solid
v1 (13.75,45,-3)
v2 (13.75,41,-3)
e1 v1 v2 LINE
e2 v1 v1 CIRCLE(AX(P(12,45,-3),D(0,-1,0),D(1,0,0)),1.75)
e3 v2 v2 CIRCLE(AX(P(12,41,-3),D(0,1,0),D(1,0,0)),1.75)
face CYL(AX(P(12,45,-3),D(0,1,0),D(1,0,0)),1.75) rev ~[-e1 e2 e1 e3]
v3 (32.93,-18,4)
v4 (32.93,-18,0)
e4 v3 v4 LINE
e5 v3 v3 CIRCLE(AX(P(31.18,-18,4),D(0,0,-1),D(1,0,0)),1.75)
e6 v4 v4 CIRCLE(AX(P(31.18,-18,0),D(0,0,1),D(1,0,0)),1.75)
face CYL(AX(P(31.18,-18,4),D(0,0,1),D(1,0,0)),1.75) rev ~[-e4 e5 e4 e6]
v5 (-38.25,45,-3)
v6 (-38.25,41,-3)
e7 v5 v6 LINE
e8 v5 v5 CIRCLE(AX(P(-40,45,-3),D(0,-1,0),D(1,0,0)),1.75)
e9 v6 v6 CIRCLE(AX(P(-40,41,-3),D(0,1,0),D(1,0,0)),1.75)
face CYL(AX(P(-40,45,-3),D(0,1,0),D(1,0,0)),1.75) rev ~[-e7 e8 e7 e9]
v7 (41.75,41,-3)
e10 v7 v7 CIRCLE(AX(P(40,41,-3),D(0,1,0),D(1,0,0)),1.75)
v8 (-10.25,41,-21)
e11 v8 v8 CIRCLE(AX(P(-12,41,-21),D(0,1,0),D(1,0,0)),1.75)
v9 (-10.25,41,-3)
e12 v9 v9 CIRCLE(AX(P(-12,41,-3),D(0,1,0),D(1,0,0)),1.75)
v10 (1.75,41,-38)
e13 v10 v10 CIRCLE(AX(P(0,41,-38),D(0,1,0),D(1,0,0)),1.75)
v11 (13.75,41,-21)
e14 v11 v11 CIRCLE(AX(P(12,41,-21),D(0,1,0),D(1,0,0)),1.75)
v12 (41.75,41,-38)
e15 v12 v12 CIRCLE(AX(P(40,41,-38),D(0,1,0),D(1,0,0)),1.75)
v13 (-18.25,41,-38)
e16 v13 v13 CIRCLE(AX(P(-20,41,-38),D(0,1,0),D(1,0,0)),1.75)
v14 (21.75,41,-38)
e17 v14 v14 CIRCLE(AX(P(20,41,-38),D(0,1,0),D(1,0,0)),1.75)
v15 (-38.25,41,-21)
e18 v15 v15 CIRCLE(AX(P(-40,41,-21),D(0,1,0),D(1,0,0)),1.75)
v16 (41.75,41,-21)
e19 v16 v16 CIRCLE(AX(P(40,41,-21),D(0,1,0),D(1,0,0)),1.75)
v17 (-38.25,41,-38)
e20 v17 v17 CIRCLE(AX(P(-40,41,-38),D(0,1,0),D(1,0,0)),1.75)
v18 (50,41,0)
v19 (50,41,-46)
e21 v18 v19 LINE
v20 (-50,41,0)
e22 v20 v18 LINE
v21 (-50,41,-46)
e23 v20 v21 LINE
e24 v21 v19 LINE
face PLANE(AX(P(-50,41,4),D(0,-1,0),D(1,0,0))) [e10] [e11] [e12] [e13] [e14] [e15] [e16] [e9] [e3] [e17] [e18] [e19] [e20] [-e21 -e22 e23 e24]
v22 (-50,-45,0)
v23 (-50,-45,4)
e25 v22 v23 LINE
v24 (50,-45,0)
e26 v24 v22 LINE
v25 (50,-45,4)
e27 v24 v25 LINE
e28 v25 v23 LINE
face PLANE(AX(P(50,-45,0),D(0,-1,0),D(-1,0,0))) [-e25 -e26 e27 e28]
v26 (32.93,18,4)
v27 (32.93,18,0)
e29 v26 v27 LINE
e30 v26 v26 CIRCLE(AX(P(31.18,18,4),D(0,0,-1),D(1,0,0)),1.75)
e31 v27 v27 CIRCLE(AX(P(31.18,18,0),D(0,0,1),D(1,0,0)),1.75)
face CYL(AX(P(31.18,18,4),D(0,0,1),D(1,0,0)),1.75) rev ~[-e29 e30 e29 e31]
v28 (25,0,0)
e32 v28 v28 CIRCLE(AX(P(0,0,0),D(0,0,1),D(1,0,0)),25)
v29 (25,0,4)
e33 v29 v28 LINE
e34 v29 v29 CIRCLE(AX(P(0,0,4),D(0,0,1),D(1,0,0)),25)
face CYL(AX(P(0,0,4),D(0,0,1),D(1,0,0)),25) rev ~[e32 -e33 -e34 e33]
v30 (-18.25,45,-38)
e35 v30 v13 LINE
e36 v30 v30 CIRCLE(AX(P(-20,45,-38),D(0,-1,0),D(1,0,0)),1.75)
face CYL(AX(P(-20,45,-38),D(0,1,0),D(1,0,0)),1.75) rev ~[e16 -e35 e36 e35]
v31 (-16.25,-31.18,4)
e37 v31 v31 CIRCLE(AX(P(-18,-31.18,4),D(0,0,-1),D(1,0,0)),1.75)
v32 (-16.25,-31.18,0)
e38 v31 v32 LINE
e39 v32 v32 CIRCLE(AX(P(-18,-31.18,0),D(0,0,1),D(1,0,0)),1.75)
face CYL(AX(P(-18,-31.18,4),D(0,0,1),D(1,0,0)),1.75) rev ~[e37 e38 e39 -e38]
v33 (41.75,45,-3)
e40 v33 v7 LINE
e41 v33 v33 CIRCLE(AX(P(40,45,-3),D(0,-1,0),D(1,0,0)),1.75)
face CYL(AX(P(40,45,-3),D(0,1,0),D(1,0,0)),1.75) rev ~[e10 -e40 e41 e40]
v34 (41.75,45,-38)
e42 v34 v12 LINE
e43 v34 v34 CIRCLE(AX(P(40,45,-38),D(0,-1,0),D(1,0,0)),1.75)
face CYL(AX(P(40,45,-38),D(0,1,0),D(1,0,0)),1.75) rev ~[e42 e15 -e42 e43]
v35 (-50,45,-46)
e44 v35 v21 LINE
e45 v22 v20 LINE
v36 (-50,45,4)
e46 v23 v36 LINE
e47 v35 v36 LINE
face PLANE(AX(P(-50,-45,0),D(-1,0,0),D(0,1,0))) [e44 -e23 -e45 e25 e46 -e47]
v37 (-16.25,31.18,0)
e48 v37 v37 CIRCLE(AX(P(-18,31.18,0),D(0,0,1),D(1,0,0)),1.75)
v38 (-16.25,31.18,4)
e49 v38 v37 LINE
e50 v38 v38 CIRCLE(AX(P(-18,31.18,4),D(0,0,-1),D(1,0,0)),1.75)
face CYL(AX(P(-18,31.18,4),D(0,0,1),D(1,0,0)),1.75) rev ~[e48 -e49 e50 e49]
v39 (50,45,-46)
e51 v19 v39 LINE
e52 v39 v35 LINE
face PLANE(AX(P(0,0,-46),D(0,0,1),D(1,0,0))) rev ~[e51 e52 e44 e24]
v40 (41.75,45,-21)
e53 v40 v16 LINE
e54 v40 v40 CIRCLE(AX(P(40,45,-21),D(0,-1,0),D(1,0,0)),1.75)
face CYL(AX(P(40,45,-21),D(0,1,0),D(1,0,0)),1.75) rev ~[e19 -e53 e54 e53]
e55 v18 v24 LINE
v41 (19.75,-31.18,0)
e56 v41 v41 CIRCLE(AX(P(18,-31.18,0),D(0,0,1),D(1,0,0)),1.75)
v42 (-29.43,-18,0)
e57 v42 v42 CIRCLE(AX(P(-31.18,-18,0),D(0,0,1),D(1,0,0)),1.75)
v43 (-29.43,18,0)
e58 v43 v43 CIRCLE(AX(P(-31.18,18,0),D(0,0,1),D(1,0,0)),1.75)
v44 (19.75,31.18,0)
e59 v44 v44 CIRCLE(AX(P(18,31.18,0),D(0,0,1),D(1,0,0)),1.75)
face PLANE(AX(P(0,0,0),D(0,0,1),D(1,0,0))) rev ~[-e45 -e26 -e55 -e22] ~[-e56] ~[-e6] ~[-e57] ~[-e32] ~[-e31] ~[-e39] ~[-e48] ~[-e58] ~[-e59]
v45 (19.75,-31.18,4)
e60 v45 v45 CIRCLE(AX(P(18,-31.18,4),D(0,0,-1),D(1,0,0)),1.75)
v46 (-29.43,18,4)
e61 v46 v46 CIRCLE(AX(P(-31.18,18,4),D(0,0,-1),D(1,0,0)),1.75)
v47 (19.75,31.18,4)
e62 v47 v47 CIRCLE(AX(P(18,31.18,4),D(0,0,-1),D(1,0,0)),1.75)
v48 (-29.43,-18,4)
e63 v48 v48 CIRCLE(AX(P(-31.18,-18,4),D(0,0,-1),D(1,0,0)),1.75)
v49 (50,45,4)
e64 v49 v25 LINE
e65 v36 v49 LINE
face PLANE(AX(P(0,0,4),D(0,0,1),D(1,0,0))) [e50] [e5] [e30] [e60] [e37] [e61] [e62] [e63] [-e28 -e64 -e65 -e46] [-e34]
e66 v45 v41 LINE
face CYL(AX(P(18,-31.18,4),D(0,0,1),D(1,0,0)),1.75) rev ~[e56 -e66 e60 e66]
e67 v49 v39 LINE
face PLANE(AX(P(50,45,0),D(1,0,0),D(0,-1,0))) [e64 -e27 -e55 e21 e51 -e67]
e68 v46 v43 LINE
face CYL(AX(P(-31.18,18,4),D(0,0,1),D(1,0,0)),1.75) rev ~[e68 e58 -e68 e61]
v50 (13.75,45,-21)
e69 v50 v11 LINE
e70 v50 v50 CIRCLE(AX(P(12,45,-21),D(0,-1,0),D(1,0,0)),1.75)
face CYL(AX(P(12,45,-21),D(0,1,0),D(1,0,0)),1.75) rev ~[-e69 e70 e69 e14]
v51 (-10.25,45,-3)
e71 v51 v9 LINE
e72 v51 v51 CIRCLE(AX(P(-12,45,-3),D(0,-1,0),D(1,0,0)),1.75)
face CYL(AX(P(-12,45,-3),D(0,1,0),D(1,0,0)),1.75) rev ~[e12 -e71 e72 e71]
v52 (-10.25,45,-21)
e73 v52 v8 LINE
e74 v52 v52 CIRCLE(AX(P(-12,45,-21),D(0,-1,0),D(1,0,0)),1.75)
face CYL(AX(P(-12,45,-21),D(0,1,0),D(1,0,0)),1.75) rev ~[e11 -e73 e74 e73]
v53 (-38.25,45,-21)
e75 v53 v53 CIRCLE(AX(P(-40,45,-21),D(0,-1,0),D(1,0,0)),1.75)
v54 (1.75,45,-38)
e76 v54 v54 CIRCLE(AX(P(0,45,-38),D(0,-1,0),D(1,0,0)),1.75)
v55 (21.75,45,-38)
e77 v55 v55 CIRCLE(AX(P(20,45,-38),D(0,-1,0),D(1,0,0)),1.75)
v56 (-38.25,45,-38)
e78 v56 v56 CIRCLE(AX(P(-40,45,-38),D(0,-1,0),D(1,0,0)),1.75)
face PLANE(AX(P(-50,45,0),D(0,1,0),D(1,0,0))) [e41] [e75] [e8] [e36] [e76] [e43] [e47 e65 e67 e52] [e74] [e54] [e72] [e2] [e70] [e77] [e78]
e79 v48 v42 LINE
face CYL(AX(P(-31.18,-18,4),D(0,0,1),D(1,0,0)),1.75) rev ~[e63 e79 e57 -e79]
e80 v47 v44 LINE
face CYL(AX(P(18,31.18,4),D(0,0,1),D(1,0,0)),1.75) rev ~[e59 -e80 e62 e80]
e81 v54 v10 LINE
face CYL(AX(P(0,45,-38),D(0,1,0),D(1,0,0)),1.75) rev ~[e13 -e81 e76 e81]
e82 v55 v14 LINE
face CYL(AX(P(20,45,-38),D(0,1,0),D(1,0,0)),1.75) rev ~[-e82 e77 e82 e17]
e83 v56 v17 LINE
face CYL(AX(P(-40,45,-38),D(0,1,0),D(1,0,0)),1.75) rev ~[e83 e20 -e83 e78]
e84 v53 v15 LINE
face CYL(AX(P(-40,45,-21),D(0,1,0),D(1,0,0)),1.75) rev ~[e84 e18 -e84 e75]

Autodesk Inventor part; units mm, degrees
ref_plane "YZ Plane" through (0, 0, 0) normal (1, 0, 0) x (0, 1, 0)
ref_plane "XZ Plane" through (0, 0, 0) normal (0, 1, 0) x (-1, 0, 0)
ref_plane "XY Plane" through (0, 0, 0) normal (0, 0, 1) x (1, 0, 0)
sketch "Sketch3" plane through (0, 0, 0) normal (0, 0, 1) x (1, 0, 0)
  line L0 (-50, 45) -> (50, 45)
  line L1 (50, 45) -> (50, -45)
  line L2 (50, -45) -> (-50, -45)
  line L3 (-50, -45) -> (-50, 45)
  line L4 (-50, 45) -> (50, -45) construction
  line L5 (50, 45) -> (-50, -45) construction
  point P0 (0, 0)
  dimension "d4" = 100
  dimension "d5" = 90
extrude "Extrusion2" add sketch "Sketch3" along normal blind 4
sketch "Sketch4" plane through (0, 0, 4) normal (0, 0, 1) x (1, 0, 0)
  point P0 (0, 0)
sketch "Sketch5" plane through (0, 0, 4) normal (0, 0, 1) x (1, 0, 0)
  line L0 (50, 45) -> (-50, 45) projected
  line L1 (50, 45) -> (-50, 45)
  line L2 (-50, 45) -> (-50, 41)
  line L3 (-50, 41) -> (50, 41)
  line L4 (50, 41) -> (50, 45)
  point P0 (0, 0)
  dimension "d8" = 4
  dimension "d9" = 100
extrude "Extrusion3" add sketch "Sketch5" against normal blind 50
sketch "Sketch6" plane through (0, 0, 4) normal (0, 0, 1) x (1, 0, 0)
  line L0 (18, -31.18) -> (-18, -31.18)
  line L1 (-18, -31.18) -> (-18, 31.18)
  line L2 (-18, 31.18) -> (18, 31.18)
  line L3 (18, 31.18) -> (18, -31.18)
  line L4 (18, -31.18) -> (-18, 31.18) construction
  line L5 (-18, -31.18) -> (18, 31.18) construction
  circle A0 centre (-18, 31.18) radius 1.75
  circle A1 centre (18, 31.18) radius 1.75
  circle A2 centre (-18, -31.18) radius 1.75
  circle A3 centre (18, -31.18) radius 1.75
  point P0 (0, 0)
  dimension "d12" = 36
  dimension "d13" = 62.36
  dimension "d14" = 3.5
  dimension "d15" = 3.5
  dimension "d16" = 3.5
  dimension "d17" = 3.5
extrude "Extrusion4" cut sketch "Sketch6" against normal blind 50 contours A2 L1 L0 | L0 L1 A2 | A3 L3 L0 | L0 L3 A3 | A0 L2 L1 | L1 L2 A0 | A1 L2 L3 | L3 L2 A1
sketch "Sketch7" plane through (0, 0, 4) normal (0, 0, 1) x (1, 0, 0)
  line L0 (31.18, -18) -> (-31.18, -18)
  line L1 (-31.18, -18) -> (-31.18, 18)
  line L2 (-31.18, 18) -> (31.18, 18)
  line L3 (31.18, 18) -> (31.18, -18)
  line L4 (31.18, -18) -> (-31.18, 18) construction
  line L5 (-31.18, -18) -> (31.18, 18) construction
  circle A0 centre (-31.18, 18) radius 1.75
  circle A1 centre (31.18, 18) radius 1.75
  circle A2 centre (-31.18, -18) radius 1.75
  circle A3 centre (31.18, -18) radius 1.75
  point P0 (0, 0)
  dimension "d20" = 62.36
  dimension "d21" = 36
  dimension "d22" = 3.5
  dimension "d23" = 3.5
  dimension "d24" = 3.5
  dimension "d25" = 3.5
extrude "Extrusion5" cut sketch "Sketch7" against normal blind 50 contours A2 L1 L0 | L0 L1 A2 | A3 L3 L0 | L0 L3 A3 | A0 L2 L1 | L1 L2 A0 | A1 L2 L3 | L3 L2 A1
sketch "Sketch8" plane through (0, 0, 4) normal (0, 0, 1) x (1, 0, 0)
  circle A0 centre (0, 0) radius 25
  dimension "d28" = 50
extrude "Extrusion6" cut sketch "Sketch8" against normal blind 43.6625
sketch "Sketch9" plane through (-50, 45, 4) normal (0, 1, 0) x (1, 0, 0)
  line L0 (0, 50) -> (0, 0) projected
  line L1 (100, 0) -> (0, 0) projected
  line L2 (0, 0) -> (38, 0)
  line L3 (38, 0) -> (38, 7)
  line L4 (38, 7) -> (0, 7)
  line L5 (0, 7) -> (0, 0)
  circle A0 centre (38, 7) radius 1.75
  line L6 (0, 0) -> (38, 0)
  line L7 (38, 0) -> (38, 25)
  line L8 (38, 25) -> (0, 25)
  line L9 (0, 25) -> (0, 0)
  circle A1 centre (38, 25) radius 1.75
  point P0 (50, 4)
  dimension "d31" = 38
  dimension "d32" = 7
  dimension "d36" = 3.5
  dimension "d39" = 25
  dimension "d40" = 3.5
sketch "Sketch10" plane through (-50, 45, 4) normal (0, 1, 0) x (1, 0, 0)
  line L0 (100, 4) -> (100, 0) projected
  line L1 (100, 0) -> (0, 0) projected
  line L2 (100, 0) -> (62, 0)
  line L3 (62, 0) -> (62, 7)
  line L4 (62, 7) -> (100, 7)
  line L5 (100, 7) -> (100, 0)
  circle A0 centre (62, 7) radius 1.75
  line L6 (100, 0) -> (62, 0)
  line L7 (62, 0) -> (62, 25)
  line L8 (62, 25) -> (100, 25)
  line L9 (100, 25) -> (100, 0)
  line L10 (75, 0) -> (25, 0) projected
  circle A1 centre (62, 25) radius 1.75
  point P0 (50, 4)
  dimension "d33" = 38
  dimension "d34" = 7
  dimension "d35" = 3.5
  dimension "d37" = 25
  dimension "d38" = 3.5
sketch "Sketch11" plane through (-50, 45, 4) normal (0, 1, 0) x (1, 0, 0)
  point P0 (50, 4)
extrude "Extrusion7" cut sketch "Sketch9" against normal blind 43.6625 contours A1 L7 L8 | L8 L7 A1 | A0 L7 L4 | L4 L3 A0 | L7 A0 L3
extrude "Extrusion8" cut sketch "Sketch10" against normal blind 43.6625 contours A0 L3 L4 | L4 L7 A0 | L3 A0 L7 | A1 L7 L8 | L8 L7 A1
sketch "Sketch12" plane through (-50, 45, 4) normal (0, 1, 0) x (1, 0, 0)
  line L0 (0, 0) -> (100, 0) projected
  line L1 (0, 0) -> (10, 0)
  line L2 (10, 0) -> (10, 7)
  line L3 (10, 7) -> (0, 7)
  line L4 (0, 7) -> (0, 0)
  line L5 (100, 0) -> (0, 0) projected
  line L6 (0, 0) -> (10, 0)
  line L7 (10, 0) -> (10, 25)
  line L8 (10, 25) -> (0, 25)
  line L9 (0, 25) -> (0, 0)
  circle A0 centre (10, 7) radius 1.75
  circle A1 centre (10, 25) radius 1.75
  point P0 (50, 4)
  dimension "d45" = 10
  dimension "d46" = 7
  dimension "d47" = 25
  dimension "d48" = 3.5
  dimension "d49" = 3.5
extrude "Extrusion9" cut sketch "Sketch12" against normal blind 43.6625 contours A0 L3 L2 | L2 L7 A0 | A0 L7 L3 | A1 L7 L8 | L8 L7 A1
sketch "Sketch13" plane through (-50, 45, 4) normal (0, 1, 0) x (1, 0, 0)
  line L0 (0, 0) -> (100, 0) projected
  line L1 (100, 0) -> (90, 0)
  line L2 (90, 0) -> (90, 7)
  line L3 (90, 7) -> (100, 7)
  line L4 (100, 7) -> (100, 0)
  line L5 (100, 0) -> (90, 0)
  line L6 (90, 0) -> (90, 25)
  line L7 (90, 25) -> (100, 25)
  line L8 (100, 25) -> (100, 0)
  circle A0 centre (90, 25) radius 1.75
  circle A1 centre (90, 7) radius 1.75
  point P0 (50, 4)
  dimension "d52" = 10
  dimension "d53" = 7
  dimension "d54" = 25
  dimension "d55" = 3.5
  dimension "d56" = 3.5
extrude "Extrusion10" cut sketch "Sketch13" against normal blind 43.6625 contours A1 L6 L2 | L2 L3 A1 | L6 A1 L3 | A0 L7 L6 | L6 L7 A0
sketch "Sketch14" plane through (-50, 45, 4) normal (0, 1, 0) x (1, 0, 0)
  point P0 (50, 4)
sketch "Sketch15" plane through (-50, 45, 4) normal (0, 1, 0) x (1, 0, 0)
  line L0 (0, 50) -> (100, 50) projected
  line L1 (0, 50) -> (50, 50)
  line L2 (50, 50) -> (50, 42)
  line L3 (50, 42) -> (0, 42)
  line L4 (0, 42) -> (0, 50)
  line L5 (0, 50) -> (10, 50)
  line L6 (10, 50) -> (10, 42)
  line L7 (10, 42) -> (0, 42)
  line L8 (0, 42) -> (0, 50)
  line L9 (0, 4) -> (0, 50) projected
  line L10 (0, 50) -> (30, 50)
  line L11 (30, 50) -> (30, 42)
  line L12 (30, 42) -> (0, 42)
  line L13 (0, 42) -> (0, 50)
  line L14 (100, 4) -> (100, 50) projected
  line L15 (100, 50) -> (90, 50)
  line L16 (90, 50) -> (90, 42)
  line L17 (90, 42) -> (100, 42)
  line L18 (100, 42) -> (100, 50)
  line L19 (100, 50) -> (0, 50) projected
  line L20 (100, 50) -> (70, 50)
  line L21 (70, 50) -> (70, 42)
  line L22 (70, 42) -> (100, 42)
  line L23 (100, 42) -> (100, 50)
  circle A0 centre (50, 42) radius 1.75
  circle A1 centre (30, 42) radius 1.75
  circle A2 centre (10, 42) radius 1.75
  circle A3 centre (70, 42) radius 1.75
  circle A4 centre (90, 42) radius 1.75
  point P0 (50, 4)
  dimension "d59" = 50
  dimension "d60" = 8
  dimension "d61" = 10
  dimension "d62" = 30
  dimension "d63" = 10
  dimension "d64" = 30
  dimension "d65" = 3.5
  dimension "d66" = 3.5
  dimension "d67" = 3.5
  dimension "d68" = 3.5
  dimension "d69" = 3.5
extrude "Extrusion11" cut sketch "Sketch15" against normal blind 43.6625 contours A2 L3 L6 | L6 L3 A2 | L3 A2 | A1 L3 L11 | L11 L3 A1 | A0 L3 L2 | L2 L3 A0 | L3 A1 | A3 L22 L21 | L21 L22 A3 | A4 L17 L16 | L16 L22 A4 | L17 A4 L22
properties part number "ousterholderm600"
